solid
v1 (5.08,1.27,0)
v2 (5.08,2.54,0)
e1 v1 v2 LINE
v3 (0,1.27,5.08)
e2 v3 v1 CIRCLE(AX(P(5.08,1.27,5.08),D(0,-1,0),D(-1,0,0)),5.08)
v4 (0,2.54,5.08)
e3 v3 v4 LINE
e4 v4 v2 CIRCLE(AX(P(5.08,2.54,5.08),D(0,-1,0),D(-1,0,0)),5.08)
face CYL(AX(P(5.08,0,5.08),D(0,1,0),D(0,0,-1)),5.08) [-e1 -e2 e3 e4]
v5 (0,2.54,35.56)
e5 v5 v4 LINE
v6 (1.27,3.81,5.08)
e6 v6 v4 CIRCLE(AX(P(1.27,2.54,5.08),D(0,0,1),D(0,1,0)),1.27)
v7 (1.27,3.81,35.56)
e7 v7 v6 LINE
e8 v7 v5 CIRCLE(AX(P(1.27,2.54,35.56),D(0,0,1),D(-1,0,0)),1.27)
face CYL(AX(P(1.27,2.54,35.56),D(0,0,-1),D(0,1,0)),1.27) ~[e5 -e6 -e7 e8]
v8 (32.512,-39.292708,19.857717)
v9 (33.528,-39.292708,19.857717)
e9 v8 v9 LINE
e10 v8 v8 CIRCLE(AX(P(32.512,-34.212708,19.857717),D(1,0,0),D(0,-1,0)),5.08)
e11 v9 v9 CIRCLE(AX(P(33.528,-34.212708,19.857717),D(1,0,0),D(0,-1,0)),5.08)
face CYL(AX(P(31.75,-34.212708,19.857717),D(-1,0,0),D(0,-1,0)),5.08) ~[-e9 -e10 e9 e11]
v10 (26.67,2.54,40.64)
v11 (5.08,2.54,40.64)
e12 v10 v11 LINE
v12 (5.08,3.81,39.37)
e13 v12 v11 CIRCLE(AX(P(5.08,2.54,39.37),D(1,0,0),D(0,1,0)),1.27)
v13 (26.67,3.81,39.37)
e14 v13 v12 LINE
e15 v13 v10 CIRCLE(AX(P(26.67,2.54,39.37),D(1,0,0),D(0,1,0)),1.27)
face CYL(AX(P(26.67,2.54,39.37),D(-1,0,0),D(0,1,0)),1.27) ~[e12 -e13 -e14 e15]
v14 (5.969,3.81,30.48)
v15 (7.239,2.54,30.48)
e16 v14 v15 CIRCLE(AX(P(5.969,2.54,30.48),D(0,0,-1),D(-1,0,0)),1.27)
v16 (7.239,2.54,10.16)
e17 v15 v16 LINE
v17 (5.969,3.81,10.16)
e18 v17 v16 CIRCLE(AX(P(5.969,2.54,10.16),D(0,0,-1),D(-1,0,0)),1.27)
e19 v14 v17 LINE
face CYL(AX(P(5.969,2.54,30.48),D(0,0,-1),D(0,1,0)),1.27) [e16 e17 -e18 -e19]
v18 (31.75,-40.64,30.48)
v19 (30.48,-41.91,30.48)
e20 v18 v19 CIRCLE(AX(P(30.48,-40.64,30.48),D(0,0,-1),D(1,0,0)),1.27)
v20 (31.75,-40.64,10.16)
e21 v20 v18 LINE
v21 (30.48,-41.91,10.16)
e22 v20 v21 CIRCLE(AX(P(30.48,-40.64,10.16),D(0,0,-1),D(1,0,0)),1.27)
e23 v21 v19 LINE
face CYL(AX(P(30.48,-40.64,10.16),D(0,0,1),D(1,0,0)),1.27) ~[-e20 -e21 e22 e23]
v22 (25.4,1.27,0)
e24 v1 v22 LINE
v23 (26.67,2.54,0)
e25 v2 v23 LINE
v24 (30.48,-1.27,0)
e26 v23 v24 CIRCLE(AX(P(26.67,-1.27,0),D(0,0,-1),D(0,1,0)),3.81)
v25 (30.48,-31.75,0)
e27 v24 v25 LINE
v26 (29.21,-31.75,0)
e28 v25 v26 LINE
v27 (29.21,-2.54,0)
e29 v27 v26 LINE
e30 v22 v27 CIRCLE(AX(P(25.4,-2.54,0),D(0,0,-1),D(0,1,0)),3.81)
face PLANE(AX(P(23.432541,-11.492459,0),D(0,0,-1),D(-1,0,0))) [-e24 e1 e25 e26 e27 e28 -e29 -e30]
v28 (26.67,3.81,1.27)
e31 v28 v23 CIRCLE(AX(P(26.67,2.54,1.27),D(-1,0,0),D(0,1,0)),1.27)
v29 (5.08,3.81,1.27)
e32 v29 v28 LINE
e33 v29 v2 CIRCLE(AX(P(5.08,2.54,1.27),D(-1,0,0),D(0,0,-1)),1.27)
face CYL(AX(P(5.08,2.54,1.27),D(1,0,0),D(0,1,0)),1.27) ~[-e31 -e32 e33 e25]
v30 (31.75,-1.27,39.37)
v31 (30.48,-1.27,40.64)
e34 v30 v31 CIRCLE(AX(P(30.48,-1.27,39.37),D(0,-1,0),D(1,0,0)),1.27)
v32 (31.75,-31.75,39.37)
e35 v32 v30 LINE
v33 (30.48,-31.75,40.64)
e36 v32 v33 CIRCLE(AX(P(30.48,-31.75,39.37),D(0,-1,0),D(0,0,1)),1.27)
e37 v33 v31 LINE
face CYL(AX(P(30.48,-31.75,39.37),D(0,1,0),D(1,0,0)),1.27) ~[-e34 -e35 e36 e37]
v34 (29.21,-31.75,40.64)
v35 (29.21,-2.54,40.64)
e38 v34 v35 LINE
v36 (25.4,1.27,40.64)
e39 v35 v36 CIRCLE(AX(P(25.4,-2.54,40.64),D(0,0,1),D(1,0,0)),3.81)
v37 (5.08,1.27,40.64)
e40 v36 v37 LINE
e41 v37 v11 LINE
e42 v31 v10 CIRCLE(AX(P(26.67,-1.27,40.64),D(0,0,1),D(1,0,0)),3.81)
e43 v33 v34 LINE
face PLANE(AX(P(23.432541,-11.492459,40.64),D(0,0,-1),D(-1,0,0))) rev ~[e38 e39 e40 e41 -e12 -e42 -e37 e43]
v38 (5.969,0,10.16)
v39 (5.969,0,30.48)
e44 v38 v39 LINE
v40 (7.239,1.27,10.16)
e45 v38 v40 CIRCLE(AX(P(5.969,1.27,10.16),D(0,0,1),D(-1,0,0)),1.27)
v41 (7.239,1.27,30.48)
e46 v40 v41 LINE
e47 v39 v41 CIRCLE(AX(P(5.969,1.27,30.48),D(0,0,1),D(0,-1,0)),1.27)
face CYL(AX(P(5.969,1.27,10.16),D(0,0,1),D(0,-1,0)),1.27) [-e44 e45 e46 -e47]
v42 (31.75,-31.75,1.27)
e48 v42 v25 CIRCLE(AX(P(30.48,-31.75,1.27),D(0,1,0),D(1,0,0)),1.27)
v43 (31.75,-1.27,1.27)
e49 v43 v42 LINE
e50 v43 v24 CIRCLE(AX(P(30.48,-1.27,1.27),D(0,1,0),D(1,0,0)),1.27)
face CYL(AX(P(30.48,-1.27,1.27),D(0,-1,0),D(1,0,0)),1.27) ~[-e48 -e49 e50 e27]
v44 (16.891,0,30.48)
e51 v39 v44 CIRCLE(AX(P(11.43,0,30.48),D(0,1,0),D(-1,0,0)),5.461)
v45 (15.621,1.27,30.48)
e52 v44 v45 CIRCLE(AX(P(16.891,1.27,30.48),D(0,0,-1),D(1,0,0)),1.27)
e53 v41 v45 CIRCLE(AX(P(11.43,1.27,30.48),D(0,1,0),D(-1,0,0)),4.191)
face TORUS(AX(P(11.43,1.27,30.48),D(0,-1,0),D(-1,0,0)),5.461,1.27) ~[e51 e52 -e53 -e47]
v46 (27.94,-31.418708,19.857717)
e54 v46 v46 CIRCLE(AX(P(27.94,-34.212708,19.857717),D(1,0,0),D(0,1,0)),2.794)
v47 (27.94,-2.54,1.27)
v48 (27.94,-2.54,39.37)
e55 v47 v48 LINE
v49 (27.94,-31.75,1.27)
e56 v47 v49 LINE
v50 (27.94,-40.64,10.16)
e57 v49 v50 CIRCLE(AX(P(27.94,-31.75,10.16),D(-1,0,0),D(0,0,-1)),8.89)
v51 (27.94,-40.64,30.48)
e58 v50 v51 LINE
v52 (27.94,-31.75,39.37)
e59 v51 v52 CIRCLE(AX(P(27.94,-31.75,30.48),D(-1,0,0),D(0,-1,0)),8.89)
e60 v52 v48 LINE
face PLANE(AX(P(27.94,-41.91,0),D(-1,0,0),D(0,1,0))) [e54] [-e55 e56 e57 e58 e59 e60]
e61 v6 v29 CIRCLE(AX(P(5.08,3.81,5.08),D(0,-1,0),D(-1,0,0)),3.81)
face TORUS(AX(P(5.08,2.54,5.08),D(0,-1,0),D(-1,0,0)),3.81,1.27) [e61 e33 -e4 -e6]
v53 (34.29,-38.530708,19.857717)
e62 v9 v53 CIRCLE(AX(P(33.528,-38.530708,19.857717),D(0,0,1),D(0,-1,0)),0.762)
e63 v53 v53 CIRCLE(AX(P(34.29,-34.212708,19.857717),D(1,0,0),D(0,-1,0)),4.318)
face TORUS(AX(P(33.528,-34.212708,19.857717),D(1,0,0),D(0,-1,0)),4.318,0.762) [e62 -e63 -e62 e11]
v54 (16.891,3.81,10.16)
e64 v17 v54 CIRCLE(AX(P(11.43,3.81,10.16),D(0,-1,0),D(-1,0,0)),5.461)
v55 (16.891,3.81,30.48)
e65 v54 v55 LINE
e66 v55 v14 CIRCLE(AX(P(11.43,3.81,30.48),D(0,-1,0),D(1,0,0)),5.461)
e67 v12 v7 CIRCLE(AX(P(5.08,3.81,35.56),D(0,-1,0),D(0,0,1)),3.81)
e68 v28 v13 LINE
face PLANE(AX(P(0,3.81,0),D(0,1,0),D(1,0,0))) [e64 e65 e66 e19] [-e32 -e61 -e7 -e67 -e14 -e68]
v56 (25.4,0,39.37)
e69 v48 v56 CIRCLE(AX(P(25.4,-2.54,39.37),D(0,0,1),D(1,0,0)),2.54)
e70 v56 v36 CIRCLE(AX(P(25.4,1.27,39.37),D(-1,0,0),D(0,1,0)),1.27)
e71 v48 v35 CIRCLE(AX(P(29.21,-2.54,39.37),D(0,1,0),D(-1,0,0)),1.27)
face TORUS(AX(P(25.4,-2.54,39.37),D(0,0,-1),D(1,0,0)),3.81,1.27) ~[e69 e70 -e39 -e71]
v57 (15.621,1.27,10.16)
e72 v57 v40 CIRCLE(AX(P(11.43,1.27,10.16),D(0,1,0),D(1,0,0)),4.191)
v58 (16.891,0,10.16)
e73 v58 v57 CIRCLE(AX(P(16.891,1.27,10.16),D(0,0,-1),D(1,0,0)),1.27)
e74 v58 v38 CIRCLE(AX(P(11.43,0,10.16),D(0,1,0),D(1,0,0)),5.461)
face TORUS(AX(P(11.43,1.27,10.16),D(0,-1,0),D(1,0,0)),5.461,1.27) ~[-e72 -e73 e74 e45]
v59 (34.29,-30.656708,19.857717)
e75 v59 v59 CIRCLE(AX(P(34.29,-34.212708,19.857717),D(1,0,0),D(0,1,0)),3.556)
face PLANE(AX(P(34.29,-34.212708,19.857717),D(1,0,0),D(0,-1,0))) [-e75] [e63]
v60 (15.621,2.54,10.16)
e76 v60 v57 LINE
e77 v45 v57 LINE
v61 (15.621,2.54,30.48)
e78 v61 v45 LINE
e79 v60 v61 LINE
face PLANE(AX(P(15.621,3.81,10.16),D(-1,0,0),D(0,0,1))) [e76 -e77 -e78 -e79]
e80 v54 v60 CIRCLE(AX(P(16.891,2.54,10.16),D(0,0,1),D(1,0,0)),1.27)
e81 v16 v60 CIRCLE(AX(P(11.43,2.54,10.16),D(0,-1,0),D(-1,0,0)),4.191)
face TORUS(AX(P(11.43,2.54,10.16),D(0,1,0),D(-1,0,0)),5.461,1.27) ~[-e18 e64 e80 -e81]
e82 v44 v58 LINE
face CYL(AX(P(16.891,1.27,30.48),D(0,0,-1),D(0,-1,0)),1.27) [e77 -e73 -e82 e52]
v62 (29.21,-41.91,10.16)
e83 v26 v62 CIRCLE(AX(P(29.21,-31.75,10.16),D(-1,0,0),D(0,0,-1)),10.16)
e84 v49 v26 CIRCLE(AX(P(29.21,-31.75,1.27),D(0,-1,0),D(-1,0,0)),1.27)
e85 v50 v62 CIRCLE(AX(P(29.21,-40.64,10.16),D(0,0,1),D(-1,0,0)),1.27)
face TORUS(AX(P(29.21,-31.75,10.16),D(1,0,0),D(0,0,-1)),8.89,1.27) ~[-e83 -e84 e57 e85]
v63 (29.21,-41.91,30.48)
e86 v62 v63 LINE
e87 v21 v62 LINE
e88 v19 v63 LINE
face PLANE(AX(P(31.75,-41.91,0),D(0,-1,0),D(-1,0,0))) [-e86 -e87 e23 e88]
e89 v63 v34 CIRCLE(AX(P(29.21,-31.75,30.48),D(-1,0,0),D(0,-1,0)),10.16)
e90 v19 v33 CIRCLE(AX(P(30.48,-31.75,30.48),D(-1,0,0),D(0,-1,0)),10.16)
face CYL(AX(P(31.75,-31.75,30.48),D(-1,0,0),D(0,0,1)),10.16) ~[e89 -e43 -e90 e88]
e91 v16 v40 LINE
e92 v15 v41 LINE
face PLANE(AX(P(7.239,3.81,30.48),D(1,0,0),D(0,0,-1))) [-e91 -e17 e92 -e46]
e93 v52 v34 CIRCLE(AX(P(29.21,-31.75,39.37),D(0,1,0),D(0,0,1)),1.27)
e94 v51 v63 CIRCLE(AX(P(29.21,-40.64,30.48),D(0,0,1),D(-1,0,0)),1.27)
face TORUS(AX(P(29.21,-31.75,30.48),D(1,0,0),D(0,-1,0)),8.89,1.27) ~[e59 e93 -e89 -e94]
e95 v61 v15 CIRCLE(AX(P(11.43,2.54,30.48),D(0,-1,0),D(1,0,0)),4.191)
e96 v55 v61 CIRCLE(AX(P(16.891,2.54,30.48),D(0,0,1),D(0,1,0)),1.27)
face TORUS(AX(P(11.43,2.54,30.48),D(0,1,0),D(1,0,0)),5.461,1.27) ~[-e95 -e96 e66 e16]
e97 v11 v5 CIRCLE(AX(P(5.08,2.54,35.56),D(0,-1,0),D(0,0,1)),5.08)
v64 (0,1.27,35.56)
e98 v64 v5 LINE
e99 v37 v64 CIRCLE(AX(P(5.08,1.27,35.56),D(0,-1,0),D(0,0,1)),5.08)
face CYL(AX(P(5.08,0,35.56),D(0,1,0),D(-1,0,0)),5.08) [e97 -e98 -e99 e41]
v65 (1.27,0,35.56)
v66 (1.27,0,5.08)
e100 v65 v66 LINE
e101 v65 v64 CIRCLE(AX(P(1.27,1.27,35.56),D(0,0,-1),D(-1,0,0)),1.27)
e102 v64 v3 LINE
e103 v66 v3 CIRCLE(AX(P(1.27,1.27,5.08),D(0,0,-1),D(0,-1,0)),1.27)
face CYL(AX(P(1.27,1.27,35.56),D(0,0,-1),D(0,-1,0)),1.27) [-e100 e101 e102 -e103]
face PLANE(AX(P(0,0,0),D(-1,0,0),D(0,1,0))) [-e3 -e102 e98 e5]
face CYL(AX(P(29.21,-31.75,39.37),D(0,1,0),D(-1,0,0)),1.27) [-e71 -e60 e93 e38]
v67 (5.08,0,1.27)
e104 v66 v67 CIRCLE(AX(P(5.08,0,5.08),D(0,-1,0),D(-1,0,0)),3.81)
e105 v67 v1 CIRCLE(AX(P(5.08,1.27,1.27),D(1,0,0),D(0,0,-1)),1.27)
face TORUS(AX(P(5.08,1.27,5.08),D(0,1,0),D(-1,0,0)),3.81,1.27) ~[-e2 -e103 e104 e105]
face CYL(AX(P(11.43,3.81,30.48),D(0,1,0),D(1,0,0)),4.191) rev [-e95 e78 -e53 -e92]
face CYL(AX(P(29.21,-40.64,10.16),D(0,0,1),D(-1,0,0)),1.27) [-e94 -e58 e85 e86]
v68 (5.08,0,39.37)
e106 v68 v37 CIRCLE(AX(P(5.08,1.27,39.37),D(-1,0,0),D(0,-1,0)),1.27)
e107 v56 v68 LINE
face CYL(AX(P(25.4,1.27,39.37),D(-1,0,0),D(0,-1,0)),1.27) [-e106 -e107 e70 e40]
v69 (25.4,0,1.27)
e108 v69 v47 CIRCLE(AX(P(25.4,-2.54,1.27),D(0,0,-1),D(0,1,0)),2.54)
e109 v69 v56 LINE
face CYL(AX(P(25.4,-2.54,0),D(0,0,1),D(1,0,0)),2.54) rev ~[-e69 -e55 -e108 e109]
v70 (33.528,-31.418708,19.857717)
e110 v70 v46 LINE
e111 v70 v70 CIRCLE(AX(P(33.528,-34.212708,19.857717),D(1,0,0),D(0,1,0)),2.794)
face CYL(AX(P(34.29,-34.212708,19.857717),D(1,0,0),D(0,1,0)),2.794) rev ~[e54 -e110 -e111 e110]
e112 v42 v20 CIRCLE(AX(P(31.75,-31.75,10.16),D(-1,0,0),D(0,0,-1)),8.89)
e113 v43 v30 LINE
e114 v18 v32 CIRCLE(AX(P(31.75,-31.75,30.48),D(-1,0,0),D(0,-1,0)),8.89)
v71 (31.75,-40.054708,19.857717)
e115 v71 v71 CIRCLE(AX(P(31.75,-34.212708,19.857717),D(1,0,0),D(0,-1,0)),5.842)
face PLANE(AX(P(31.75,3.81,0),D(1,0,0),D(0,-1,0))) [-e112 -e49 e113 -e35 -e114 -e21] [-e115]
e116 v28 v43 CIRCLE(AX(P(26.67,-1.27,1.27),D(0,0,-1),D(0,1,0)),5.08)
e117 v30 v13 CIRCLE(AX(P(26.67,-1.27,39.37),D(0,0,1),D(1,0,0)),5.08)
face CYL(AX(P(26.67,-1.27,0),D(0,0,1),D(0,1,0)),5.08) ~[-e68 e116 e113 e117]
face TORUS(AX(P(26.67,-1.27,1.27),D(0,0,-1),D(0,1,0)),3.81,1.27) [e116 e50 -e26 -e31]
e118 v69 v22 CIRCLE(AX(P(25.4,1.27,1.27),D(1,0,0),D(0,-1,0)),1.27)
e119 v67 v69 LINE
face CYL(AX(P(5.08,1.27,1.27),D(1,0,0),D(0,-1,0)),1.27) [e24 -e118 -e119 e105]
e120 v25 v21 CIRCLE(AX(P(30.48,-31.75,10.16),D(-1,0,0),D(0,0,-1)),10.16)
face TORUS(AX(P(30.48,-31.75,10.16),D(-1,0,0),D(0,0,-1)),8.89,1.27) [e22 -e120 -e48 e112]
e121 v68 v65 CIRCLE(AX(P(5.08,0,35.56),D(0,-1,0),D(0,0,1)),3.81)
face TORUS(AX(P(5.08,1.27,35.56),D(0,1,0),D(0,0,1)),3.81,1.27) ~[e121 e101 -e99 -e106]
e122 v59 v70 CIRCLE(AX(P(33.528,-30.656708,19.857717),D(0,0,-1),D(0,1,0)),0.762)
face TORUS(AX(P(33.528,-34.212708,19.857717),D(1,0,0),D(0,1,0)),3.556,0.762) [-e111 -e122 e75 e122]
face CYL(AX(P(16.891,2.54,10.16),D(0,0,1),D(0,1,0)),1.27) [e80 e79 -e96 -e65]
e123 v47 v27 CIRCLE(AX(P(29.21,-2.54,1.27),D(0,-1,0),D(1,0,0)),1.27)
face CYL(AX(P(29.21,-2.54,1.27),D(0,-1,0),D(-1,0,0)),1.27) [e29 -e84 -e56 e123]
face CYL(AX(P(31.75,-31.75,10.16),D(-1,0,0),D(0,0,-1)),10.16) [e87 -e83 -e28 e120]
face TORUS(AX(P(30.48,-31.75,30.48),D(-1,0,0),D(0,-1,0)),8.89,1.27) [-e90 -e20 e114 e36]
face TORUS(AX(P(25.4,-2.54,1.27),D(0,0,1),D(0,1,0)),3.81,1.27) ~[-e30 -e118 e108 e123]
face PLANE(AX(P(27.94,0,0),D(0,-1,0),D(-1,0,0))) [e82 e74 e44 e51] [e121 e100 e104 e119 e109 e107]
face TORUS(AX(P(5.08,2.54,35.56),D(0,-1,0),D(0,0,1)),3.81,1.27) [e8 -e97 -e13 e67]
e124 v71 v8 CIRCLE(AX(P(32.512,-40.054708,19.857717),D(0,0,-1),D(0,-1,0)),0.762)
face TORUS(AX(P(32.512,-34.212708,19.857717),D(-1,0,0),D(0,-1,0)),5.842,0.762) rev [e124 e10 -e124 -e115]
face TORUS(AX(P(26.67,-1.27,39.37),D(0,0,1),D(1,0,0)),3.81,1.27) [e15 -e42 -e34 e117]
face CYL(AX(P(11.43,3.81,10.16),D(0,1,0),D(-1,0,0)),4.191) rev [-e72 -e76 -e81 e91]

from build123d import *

# Parameters (mm, degrees)
BOSS_EXTRUDE1_DEPTH = 40.64
CUT_EXTRUDE1_DEPTH  = 69.92017484
FILLET1_R           = 10.16
FILLET2_R           = 2.54
FILLET3_R           = 5.08
FILLET4_R           = 5.08
FILLET8_R           = 1.27
FILLET9_R           = 1.27
SKETCH10_R          = 5.08
BOSS_EXTRUDE2_DEPTH = 2.54
SKETCH11_R          = 2.794
CUT_EXTRUDE4_DEPTH  = 68.704222911
FILLET10_R          = 0.762


with BuildPart() as part:
    # Sketch1 → Boss-Extrude1 (new body)
    with BuildSketch(Plane.XY):
        Polygon((0, 0), (0, 3.81), (31.75, 3.81), (31.75, -41.91), (27.94, -41.91), (27.94, 0), align=None)
    extrude(amount=BOSS_EXTRUDE1_DEPTH)

    # Sketch2 → Cut-Extrude1 (cut, through all)
    with BuildSketch(Plane(origin=(0, 3.81, 0), x_dir=(1, 0, 0), z_dir=(0, 1, 0))):
        with BuildLine():
            Line((15.621, -10.16), (15.621, -30.48))
            ThreePointArc((15.621, -30.48), (11.43, -34.671), (7.239, -30.48))
            Line((7.239, -30.48), (7.239, -10.16))
            ThreePointArc((7.239, -10.16), (11.43, -5.969), (15.621, -10.16))
        make_face()
    extrude(amount=-CUT_EXTRUDE1_DEPTH, mode=Mode.SUBTRACT)

    # Fillet1
    fillet1_edges = [part.edges().sort_by_distance(p)[0] for p in [
        (29.845, -41.91, 40.64),
        (29.845, -41.91, 0),
    ]]
    fillet(fillet1_edges, radius=FILLET1_R)

    # Fillet2
    fillet2_edges = [part.edges().sort_by_distance(p)[0] for p in [
        (27.94, 0, 20.32),
    ]]
    fillet(fillet2_edges, radius=FILLET2_R)

    # Fillet3
    fillet3_edges = [part.edges().sort_by_distance(p)[0] for p in [
        (0, 1.905, 40.64),
        (0, 1.905, 0),
    ]]
    fillet(fillet3_edges, radius=FILLET3_R)

    # Fillet4
    fillet4_edges = [part.edges().sort_by_distance(p)[0] for p in [
        (31.75, 3.81, 20.32),
    ]]
    fillet(fillet4_edges, radius=FILLET4_R)

    # Fillet8
    fillet8_edges = [part.edges().sort_by_distance(p)[0] for p in [
        (11.43, 0, 5.969),
        (15.621, 0, 20.32),
        (11.43, 0, 34.671),
        (7.239, 0, 20.32),
        (11.43, 3.81, 5.969),
        (7.239, 3.81, 20.32),
        (11.43, 3.81, 34.671),
        (15.621, 3.81, 20.32),
    ]]
    fillet(fillet8_edges, radius=FILLET8_R)

    # Fillet9
    fillet9_edges = [part.edges().sort_by_distance(p)[0] for p in [
        (31.75, -41.91, 20.32),
        (27.94, -41.91, 20.32),
        (31.75, -16.51, 0),
        (31.75, -16.51, 40.64),
        (31.75, -38.934204897, 37.664204897),
        (31.75, -38.934204897, 2.975795103),
        (27.94, -38.934204897, 37.664204897),
        (27.94, -38.934204897, 2.975795103),
        (27.94, -17.145, 0),
        (27.94, -17.145, 40.64),
        (27.196051224, -0.743948776, 0),
        (27.196051224, -0.743948776, 40.64),
        (15.24, 0, 40.64),
        (15.24, 0, 0),
        (0, 0, 20.32),
        (1.487897552, 0, 1.487897552),
        (1.487897552, 0, 39.152102448),
        (0, 3.81, 20.32),
        (1.487897552, 3.81, 1.487897552),
        (1.487897552, 3.81, 39.152102448),
        (15.875, 3.81, 40.64),
        (15.875, 3.81, 0),
        (30.262102448, 2.322102448, 0),
        (30.262102448, 2.322102448, 40.64),
    ]]
    fillet(fillet9_edges, radius=FILLET9_R)

    # Sketch10 → Boss-Extrude2 (add)
    with BuildSketch(Plane(origin=(31.75, 0, 0), x_dir=(0, 0, -1), z_dir=(1, 0, 0))):
        with Locations(Location((-19.857717474, -34.212708313, 0), (0, 0, 270))):
            Circle(SKETCH10_R)
    extrude(amount=BOSS_EXTRUDE2_DEPTH)

    # Sketch11 → Cut-Extrude4 (cut, through all)
    with BuildSketch(Plane(origin=(34.29, 0, 0), x_dir=(0, 0, -1), z_dir=(1, 0, 0))):
        with Locations(Location((-19.857717474, -34.212708313, 0), (0, 0, 90))):
            Circle(SKETCH11_R)
    extrude(amount=-CUT_EXTRUDE4_DEPTH, mode=Mode.SUBTRACT)

    # Fillet10
    fillet10_edges = [part.edges().sort_by_distance(p)[0] for p in [
        (31.75, -29.132708313, 19.857717474),
        (34.29, -29.132708313, 19.857717474),
        (34.29, -37.006708313, 19.857717474),
    ]]
    fillet(fillet10_edges, radius=FILLET10_R)


solid = part.part
